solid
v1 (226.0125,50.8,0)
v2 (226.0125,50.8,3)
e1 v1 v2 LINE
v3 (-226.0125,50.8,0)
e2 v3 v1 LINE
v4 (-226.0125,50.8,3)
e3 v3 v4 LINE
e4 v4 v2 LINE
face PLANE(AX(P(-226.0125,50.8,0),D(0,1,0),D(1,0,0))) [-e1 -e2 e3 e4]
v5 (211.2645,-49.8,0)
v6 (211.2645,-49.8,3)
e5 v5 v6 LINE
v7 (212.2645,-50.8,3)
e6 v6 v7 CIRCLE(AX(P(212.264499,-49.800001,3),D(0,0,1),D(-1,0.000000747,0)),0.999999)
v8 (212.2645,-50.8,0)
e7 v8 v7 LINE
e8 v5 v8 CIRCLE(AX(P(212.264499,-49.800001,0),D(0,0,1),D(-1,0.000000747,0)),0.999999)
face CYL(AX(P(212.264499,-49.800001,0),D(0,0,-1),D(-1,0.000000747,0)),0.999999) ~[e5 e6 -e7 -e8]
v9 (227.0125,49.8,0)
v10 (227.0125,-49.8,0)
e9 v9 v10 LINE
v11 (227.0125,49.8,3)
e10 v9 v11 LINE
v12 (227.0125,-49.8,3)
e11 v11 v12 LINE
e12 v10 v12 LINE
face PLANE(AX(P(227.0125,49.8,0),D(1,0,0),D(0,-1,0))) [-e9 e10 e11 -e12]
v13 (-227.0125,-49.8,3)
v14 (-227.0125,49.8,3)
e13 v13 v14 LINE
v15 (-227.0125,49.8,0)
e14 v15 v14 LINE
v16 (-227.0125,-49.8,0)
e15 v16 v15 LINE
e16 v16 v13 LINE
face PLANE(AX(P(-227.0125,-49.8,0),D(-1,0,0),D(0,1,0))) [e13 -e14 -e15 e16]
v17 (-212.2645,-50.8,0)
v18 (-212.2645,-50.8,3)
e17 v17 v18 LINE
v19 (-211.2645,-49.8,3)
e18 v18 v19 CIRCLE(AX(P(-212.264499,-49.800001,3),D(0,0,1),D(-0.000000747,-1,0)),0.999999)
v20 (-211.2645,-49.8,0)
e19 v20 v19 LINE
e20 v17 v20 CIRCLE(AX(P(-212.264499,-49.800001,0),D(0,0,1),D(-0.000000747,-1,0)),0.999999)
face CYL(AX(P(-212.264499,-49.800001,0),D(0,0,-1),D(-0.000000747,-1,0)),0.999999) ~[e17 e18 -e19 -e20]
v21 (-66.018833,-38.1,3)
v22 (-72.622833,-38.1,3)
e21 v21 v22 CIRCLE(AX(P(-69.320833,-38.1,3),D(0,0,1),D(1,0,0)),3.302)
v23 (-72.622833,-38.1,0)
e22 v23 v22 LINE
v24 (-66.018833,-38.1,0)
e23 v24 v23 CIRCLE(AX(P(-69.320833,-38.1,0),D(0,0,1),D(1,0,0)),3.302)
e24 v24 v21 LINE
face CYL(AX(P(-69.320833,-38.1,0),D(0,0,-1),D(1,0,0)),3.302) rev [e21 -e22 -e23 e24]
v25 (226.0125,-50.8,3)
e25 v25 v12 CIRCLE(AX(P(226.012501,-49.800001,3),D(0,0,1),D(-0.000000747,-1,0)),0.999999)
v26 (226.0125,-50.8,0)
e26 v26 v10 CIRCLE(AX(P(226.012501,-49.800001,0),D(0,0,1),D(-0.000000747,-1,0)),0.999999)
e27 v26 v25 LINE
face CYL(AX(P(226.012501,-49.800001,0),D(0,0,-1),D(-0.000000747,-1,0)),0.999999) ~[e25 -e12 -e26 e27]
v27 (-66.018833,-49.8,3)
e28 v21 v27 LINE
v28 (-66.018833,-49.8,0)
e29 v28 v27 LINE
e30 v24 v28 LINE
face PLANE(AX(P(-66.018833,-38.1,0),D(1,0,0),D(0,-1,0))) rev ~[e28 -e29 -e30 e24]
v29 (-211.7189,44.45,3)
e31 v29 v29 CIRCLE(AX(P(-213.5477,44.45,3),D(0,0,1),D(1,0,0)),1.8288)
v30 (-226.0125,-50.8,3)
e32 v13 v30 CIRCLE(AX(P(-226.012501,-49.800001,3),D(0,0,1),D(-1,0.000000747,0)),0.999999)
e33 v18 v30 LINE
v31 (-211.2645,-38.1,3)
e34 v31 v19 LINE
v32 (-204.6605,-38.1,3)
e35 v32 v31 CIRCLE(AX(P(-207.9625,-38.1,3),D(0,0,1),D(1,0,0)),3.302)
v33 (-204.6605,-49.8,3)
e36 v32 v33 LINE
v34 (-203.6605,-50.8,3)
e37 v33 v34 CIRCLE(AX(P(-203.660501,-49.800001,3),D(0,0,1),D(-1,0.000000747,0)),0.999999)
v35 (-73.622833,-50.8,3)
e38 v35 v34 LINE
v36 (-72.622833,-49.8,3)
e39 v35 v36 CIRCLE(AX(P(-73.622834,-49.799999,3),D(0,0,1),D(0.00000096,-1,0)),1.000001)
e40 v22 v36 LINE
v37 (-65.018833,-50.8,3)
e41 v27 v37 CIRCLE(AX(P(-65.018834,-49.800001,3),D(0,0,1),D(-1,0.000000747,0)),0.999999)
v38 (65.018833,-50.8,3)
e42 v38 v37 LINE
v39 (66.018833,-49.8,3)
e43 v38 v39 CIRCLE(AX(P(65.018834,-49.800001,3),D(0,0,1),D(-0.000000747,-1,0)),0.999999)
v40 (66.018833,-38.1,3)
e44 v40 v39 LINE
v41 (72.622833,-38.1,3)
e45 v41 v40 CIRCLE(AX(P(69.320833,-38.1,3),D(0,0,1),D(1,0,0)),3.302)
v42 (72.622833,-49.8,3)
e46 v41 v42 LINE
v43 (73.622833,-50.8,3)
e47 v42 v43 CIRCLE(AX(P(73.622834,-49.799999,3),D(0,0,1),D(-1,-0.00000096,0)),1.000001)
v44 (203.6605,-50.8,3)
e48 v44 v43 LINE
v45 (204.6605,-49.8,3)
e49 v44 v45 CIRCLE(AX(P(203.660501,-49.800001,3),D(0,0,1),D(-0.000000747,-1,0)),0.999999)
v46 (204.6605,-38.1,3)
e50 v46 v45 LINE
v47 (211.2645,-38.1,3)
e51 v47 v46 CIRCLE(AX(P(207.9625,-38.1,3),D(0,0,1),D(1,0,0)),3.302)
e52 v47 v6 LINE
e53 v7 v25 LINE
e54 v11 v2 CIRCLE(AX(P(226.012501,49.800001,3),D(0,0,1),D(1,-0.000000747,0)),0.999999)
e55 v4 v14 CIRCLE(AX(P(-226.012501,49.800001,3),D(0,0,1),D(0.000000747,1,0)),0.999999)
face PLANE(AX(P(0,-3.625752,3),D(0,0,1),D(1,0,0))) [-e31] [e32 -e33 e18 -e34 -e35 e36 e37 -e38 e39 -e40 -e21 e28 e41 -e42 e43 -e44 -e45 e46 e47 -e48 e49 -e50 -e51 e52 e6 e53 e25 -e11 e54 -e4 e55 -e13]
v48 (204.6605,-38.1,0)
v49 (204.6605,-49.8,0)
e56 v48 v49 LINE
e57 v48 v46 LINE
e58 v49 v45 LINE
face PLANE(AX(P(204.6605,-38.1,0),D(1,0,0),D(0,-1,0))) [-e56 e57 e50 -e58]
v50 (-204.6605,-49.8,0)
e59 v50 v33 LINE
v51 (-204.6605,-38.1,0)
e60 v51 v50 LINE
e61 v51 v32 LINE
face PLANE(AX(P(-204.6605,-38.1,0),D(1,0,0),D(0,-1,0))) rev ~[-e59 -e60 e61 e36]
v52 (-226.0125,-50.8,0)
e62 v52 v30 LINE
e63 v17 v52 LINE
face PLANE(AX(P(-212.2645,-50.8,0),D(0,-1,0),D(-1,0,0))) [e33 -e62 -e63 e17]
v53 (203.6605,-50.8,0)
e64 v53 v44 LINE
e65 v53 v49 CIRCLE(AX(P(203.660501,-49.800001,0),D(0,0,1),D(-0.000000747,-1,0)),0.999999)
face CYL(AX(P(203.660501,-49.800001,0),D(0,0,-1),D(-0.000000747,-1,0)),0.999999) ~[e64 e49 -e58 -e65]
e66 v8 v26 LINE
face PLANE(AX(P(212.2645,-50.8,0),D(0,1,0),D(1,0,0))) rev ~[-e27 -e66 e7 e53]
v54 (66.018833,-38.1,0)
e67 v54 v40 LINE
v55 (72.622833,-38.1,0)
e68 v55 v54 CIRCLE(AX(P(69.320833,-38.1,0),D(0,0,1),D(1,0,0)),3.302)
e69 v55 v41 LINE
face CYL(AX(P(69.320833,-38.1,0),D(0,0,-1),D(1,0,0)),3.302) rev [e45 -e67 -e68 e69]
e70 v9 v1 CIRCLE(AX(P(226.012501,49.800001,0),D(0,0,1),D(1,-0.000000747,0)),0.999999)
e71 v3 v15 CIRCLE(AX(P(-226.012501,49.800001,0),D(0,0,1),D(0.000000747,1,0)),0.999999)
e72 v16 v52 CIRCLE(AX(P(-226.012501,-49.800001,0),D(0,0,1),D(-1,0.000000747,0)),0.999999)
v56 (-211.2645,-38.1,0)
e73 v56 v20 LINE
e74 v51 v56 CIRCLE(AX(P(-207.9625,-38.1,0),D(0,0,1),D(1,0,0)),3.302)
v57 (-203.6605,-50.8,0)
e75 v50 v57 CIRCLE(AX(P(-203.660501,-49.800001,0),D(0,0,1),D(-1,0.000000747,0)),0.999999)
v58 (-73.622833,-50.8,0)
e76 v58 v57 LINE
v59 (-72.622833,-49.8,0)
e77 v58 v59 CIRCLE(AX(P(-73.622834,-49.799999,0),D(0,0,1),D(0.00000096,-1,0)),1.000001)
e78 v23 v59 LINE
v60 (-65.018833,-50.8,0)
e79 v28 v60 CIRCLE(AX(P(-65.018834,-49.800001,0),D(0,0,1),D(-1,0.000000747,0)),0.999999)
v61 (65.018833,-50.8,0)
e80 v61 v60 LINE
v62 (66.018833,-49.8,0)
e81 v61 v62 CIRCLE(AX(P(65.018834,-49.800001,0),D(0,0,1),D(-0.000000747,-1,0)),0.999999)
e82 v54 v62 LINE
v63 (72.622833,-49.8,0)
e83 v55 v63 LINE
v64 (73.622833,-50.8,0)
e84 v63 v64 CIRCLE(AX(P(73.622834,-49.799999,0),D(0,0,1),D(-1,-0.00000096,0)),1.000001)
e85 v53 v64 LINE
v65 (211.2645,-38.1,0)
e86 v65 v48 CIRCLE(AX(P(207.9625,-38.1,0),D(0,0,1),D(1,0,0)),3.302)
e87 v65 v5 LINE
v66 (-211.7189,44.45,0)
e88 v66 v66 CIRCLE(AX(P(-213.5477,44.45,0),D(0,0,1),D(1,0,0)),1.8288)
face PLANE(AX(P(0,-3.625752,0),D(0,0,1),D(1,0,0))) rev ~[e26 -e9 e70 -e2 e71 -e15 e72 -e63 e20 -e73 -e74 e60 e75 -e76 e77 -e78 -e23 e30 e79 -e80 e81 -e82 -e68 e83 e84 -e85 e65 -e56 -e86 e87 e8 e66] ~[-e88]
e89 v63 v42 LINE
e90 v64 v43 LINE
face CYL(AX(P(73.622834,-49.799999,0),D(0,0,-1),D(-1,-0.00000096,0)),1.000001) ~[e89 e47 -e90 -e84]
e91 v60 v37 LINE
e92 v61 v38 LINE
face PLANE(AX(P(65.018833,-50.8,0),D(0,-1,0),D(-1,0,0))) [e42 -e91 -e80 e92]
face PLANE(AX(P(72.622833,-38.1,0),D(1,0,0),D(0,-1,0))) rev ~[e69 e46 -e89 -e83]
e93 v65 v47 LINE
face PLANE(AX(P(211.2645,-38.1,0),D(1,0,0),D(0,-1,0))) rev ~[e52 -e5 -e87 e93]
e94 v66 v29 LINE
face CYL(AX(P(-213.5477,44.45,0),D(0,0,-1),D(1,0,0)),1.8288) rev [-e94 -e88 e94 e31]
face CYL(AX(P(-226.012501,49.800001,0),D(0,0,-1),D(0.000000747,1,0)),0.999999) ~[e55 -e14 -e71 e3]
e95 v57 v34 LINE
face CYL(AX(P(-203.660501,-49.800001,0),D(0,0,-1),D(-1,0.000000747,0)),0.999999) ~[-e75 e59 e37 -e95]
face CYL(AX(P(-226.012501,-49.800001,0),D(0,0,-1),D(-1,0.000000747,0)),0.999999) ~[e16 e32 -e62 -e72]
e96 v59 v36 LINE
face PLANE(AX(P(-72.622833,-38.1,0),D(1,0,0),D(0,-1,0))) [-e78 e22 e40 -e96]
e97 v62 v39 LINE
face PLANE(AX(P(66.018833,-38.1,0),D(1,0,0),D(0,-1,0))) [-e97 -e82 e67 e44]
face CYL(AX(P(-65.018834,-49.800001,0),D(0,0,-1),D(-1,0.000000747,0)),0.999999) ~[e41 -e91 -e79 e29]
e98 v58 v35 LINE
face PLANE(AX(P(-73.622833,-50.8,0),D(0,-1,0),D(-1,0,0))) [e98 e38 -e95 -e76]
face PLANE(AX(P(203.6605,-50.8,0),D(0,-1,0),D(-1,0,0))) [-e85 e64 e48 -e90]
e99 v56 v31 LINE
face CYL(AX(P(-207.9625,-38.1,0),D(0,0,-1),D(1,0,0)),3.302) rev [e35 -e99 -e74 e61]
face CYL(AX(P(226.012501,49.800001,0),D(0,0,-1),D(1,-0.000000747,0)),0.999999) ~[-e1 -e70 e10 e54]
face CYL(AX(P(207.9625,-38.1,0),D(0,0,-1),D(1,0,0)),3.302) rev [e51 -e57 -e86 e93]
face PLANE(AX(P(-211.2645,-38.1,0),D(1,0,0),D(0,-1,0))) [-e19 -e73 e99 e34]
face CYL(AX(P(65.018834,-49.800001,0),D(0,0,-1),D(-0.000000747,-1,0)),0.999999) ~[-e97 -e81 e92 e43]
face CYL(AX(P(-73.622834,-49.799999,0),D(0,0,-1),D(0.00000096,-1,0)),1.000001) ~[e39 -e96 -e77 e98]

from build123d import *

# Parameters (mm, degrees)
SKETCH_R  = 1.8288
PAD_DEPTH = 3


with BuildPart() as part:
    # Sketch → Pad (new body)
    with BuildSketch(Plane.XY):
        with BuildLine():
            ThreePointArc((-226.0125, 50.8), (-226.719607, 50.507107), (-227.0125, 49.8))
            Line((-227.0125, -49.8), (-227.0125, 49.8))
            ThreePointArc((-227.0125, -49.8), (-226.719607, -50.507107), (-226.0125, -50.8))
            Line((-212.2645, -50.8), (-226.0125, -50.8))
            ThreePointArc((-212.2645, -50.8), (-211.557393, -50.507107), (-211.2645, -49.8))
            Line((-211.2645, -38.1), (-211.2645, -49.8))
            ThreePointArc((-204.6605, -38.1), (-207.9625, -34.798), (-211.2645, -38.1))
            Line((-204.6605, -38.1), (-204.6605, -49.8))
            ThreePointArc((-204.6605, -49.8), (-204.367607, -50.507107), (-203.6605, -50.8))
            Line((-73.622833, -50.8), (-203.6605, -50.8))
            ThreePointArc((-73.622833, -50.8), (-72.915727, -50.507107), (-72.622833, -49.8))
            Line((-72.622833, -38.1), (-72.622833, -49.8))
            ThreePointArc((-66.018833, -38.1), (-69.320833, -34.798), (-72.622833, -38.1))
            Line((-66.018833, -38.1), (-66.018833, -49.8))
            ThreePointArc((-66.018833, -49.8), (-65.72594, -50.507107), (-65.018833, -50.8))
            Line((65.018833, -50.8), (-65.018833, -50.8))
            ThreePointArc((65.018833, -50.8), (65.72594, -50.507107), (66.018833, -49.8))
            Line((66.018833, -38.1), (66.018833, -49.8))
            ThreePointArc((72.622833, -38.1), (69.320833, -34.798), (66.018833, -38.1))
            Line((72.622833, -38.1), (72.622833, -49.8))
            ThreePointArc((72.622833, -49.8), (72.915727, -50.507107), (73.622833, -50.8))
            Line((203.6605, -50.8), (73.622833, -50.8))
            ThreePointArc((203.6605, -50.8), (204.367607, -50.507107), (204.6605, -49.8))
            Line((204.6605, -38.1), (204.6605, -49.8))
            ThreePointArc((211.2645, -38.1), (207.9625, -34.798), (204.6605, -38.1))
            Line((211.2645, -38.1), (211.2645, -49.8))
            ThreePointArc((211.2645, -49.8), (211.557393, -50.507107), (212.2645, -50.8))
            Line((212.2645, -50.8), (226.0125, -50.8))
            ThreePointArc((226.0125, -50.8), (226.719607, -50.507107), (227.0125, -49.8))
            Line((227.0125, 49.8), (227.0125, -49.8))
            ThreePointArc((227.0125, 49.8), (226.719607, 50.507107), (226.0125, 50.8))
            Line((-226.0125, 50.8), (226.0125, 50.8))
        make_face()
        with Locations((-213.5477, 44.45)):
            Circle(SKETCH_R, mode=Mode.SUBTRACT)
    extrude(amount=PAD_DEPTH)


solid = part.part
